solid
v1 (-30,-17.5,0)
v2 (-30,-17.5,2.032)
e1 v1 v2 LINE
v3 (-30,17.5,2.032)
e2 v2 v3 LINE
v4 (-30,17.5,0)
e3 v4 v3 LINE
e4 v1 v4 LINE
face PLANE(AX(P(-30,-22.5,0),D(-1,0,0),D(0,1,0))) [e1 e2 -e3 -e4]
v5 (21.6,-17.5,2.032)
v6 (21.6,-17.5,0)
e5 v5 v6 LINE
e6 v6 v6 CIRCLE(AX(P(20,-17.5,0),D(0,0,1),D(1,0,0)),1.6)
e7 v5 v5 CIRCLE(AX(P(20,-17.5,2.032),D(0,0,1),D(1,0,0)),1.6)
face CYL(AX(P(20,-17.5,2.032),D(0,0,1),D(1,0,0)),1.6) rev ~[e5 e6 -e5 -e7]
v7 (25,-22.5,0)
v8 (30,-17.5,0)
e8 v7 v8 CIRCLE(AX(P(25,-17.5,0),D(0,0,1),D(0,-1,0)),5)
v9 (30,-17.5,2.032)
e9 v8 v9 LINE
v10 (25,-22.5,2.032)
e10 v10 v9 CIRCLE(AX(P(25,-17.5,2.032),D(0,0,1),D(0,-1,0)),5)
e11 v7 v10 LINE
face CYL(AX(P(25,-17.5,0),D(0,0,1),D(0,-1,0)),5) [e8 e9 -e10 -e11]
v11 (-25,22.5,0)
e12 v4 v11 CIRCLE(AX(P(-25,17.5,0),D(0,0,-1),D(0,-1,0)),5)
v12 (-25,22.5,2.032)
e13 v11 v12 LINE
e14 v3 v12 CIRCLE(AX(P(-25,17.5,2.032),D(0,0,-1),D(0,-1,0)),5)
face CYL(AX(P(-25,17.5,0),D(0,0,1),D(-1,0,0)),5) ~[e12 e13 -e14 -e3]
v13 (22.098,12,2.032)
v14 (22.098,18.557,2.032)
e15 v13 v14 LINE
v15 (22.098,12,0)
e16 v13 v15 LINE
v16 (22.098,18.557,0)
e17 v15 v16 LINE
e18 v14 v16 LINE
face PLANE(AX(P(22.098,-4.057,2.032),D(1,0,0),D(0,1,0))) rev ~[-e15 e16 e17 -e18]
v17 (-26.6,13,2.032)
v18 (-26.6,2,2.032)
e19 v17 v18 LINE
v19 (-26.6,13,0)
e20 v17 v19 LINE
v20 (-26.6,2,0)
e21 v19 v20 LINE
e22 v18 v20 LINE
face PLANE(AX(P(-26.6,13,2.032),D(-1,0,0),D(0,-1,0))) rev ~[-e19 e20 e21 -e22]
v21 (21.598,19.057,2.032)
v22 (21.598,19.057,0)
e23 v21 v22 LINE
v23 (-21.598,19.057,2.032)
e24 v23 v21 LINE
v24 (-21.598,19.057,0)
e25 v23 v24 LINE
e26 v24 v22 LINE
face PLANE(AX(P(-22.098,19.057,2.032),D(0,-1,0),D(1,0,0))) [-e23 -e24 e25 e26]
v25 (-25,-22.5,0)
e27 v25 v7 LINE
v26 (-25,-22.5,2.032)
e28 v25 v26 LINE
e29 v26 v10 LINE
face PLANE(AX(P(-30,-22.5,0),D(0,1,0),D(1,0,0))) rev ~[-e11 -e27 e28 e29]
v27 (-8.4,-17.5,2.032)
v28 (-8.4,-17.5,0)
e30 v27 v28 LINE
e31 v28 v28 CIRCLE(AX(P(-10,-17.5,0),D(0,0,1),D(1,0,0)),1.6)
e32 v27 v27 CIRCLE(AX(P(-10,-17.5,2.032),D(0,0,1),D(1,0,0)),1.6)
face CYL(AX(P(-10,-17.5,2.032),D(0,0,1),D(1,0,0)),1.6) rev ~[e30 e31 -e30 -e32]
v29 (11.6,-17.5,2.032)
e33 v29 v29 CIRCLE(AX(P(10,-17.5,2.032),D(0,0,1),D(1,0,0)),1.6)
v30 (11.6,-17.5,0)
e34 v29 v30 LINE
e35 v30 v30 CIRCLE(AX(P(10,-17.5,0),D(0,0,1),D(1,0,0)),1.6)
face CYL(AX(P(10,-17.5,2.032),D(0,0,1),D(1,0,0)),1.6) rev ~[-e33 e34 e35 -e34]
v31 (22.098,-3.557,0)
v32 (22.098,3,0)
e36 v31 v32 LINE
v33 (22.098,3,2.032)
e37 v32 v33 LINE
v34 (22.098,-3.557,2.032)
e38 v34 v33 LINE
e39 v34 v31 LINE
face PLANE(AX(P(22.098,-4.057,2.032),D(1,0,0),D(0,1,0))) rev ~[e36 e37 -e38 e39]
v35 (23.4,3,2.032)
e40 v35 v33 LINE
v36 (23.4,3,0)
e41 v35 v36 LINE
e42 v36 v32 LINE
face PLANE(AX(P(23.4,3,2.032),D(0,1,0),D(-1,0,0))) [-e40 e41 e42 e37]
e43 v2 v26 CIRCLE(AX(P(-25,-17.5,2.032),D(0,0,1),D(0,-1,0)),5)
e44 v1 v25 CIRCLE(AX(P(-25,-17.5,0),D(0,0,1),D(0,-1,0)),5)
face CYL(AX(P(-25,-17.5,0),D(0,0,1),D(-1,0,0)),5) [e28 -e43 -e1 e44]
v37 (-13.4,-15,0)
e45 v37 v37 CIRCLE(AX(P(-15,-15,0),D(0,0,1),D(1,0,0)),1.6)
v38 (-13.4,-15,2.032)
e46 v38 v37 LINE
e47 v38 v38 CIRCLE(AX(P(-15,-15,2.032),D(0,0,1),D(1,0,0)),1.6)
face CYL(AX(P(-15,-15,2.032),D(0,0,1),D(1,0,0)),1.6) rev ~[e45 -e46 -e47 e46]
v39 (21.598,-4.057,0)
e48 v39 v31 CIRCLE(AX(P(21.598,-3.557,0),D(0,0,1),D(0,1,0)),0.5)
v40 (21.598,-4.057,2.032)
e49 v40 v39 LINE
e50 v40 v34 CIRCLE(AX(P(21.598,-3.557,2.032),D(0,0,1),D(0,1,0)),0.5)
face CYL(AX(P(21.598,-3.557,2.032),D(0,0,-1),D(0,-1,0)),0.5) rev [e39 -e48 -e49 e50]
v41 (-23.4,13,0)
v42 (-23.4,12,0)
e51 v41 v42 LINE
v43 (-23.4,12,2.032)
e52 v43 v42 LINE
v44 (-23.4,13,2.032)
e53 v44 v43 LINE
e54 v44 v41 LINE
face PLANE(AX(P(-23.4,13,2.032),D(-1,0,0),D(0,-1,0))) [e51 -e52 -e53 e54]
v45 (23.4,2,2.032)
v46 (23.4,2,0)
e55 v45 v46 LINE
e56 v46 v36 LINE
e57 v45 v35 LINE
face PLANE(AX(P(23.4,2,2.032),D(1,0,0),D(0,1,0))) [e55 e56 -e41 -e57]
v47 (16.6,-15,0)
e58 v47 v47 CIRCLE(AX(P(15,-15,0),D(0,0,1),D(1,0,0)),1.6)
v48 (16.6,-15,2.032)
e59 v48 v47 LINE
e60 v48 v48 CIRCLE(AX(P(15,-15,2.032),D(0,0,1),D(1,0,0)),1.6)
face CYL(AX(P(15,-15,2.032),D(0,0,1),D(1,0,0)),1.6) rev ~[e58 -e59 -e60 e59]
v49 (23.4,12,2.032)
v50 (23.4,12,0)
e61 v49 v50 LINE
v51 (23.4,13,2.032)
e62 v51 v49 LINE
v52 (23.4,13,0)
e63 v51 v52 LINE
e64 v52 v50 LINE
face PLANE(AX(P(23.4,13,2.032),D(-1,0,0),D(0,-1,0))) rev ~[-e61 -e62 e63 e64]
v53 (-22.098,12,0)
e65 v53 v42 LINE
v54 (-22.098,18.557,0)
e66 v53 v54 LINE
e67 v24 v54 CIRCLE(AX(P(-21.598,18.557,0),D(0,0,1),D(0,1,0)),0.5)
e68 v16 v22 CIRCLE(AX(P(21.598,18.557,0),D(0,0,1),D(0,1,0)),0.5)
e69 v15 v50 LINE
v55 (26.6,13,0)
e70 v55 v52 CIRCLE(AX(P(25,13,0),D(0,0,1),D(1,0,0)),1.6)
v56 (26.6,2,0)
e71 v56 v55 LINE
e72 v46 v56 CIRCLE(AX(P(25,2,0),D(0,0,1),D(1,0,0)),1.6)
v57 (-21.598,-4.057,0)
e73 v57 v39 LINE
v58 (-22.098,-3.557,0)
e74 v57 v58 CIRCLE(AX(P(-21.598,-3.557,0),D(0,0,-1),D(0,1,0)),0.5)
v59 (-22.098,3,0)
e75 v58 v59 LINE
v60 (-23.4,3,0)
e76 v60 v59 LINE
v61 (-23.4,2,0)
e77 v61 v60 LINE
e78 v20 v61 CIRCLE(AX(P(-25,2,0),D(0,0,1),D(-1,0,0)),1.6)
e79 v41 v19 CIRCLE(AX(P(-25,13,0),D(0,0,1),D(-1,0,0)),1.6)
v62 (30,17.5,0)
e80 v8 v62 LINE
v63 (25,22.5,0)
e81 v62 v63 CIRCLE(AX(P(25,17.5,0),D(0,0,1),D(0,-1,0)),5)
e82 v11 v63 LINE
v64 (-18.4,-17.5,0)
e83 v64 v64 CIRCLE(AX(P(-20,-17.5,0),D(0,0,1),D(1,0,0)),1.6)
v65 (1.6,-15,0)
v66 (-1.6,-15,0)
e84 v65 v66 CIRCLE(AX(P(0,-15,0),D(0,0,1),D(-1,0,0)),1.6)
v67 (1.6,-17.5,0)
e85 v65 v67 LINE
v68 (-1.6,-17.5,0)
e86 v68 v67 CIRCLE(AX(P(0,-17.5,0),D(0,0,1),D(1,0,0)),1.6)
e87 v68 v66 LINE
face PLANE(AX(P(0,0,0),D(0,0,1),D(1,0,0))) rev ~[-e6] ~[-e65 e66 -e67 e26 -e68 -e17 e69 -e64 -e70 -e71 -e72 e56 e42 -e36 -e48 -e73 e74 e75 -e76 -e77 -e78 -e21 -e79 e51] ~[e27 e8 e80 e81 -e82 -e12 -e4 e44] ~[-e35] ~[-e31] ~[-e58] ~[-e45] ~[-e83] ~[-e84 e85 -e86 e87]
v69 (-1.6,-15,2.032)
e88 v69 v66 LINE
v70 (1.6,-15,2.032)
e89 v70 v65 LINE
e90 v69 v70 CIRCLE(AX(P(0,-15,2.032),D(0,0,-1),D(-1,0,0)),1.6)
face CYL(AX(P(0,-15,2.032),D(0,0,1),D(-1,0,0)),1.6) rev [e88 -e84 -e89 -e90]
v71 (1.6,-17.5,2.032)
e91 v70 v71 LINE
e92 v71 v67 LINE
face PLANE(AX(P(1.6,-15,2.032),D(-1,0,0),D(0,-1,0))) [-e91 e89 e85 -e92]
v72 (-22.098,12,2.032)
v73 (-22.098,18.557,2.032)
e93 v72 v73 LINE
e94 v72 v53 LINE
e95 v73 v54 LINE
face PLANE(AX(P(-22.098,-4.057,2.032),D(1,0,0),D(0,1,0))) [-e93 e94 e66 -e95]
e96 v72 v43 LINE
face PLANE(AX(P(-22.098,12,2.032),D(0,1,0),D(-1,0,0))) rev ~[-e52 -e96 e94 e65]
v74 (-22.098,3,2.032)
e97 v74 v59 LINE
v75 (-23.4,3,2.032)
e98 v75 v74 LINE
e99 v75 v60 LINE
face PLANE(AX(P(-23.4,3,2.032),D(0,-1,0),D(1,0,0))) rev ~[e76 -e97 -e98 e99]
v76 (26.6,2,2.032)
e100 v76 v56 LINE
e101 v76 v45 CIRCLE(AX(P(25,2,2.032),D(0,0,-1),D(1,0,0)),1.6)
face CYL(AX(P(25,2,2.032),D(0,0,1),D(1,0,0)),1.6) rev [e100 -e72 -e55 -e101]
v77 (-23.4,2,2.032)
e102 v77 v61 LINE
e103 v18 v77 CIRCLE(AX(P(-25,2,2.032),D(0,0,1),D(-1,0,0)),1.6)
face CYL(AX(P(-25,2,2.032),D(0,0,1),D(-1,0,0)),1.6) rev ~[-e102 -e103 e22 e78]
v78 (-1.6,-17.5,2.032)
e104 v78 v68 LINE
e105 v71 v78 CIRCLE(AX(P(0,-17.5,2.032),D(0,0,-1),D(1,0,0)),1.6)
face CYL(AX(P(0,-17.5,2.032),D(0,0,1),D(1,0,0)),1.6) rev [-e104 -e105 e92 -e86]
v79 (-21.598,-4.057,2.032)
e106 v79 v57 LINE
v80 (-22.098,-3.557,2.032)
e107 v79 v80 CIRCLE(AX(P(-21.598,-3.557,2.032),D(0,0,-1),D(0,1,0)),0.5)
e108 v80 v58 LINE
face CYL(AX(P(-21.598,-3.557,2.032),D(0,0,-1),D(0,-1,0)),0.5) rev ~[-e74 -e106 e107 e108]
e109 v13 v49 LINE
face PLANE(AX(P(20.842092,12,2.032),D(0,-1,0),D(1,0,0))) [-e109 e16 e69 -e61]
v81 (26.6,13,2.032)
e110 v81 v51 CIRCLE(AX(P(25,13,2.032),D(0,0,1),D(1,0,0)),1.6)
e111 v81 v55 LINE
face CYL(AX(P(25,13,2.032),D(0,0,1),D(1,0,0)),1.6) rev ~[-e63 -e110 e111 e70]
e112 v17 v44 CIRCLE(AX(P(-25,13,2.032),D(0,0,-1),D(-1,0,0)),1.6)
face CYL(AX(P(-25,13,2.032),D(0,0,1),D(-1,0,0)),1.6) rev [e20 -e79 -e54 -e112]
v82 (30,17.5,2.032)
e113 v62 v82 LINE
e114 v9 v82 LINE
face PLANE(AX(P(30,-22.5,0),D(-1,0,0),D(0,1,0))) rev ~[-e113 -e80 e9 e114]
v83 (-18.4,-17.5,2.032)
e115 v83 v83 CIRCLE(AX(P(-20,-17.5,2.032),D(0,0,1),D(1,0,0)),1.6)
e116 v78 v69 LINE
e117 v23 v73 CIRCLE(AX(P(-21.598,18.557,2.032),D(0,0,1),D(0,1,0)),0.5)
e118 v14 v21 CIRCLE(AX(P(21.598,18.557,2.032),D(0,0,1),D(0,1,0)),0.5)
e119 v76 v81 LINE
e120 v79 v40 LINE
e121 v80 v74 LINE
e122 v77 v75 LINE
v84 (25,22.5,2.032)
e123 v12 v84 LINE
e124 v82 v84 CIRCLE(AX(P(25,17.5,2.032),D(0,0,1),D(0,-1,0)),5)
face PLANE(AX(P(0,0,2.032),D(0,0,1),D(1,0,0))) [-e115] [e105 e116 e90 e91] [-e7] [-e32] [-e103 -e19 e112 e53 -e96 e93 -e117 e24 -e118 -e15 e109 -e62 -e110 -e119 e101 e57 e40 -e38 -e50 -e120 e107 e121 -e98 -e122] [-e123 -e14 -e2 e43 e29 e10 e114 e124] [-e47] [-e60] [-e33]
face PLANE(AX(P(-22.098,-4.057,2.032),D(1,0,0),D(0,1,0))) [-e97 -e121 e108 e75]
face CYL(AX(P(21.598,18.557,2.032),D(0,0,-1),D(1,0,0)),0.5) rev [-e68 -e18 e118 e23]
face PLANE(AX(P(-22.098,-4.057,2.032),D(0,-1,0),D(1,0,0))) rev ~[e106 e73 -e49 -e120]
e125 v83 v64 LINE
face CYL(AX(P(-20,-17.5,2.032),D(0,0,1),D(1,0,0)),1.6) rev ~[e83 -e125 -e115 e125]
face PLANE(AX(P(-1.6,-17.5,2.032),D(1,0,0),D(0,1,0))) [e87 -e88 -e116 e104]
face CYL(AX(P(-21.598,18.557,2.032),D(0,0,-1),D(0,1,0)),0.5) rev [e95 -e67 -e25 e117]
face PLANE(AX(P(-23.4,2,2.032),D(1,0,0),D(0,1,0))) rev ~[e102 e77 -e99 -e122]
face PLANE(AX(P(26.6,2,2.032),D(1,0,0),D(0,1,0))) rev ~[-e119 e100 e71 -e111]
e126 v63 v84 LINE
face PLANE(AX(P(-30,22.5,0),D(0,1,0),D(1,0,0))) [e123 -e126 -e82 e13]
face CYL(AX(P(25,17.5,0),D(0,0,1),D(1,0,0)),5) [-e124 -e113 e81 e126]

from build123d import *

# Parameters (mm, degrees)
SKETCH1_W           = 60
SKETCH1_H           = 45
BOSS_EXTRUDE1_DEPTH = 2.032
FILLET1_R           = 5
SKETCH2_W           = 44.196
SKETCH2_H           = 23.114
CUT_EXTRUDE1_DEPTH  = 3.032
FILLET2_R           = 0.5
CUT_EXTRUDE2_DEPTH  = 3.032
SKETCH4_R           = 1.6
CUT_EXTRUDE3_DEPTH  = 3.032


with BuildPart() as part:
    # Sketch1 → Boss-Extrude1 (new body)
    with BuildSketch(Plane.XY):
        Rectangle(SKETCH1_W, SKETCH1_H)
    extrude(amount=BOSS_EXTRUDE1_DEPTH)

    # Fillet1
    fillet1_edges = [part.edges().sort_by_distance(p)[0] for p in [
        (30, -22.5, 1.016),
        (-30, -22.5, 1.016),
        (-30, 22.5, 1.016),
        (30, 22.5, 1.016),
    ]]
    fillet(fillet1_edges, radius=FILLET1_R)

    # Sketch2 → Cut-Extrude1 (cut, through all)
    with BuildSketch(Plane.XY.offset(2.032)):
        with Locations((0, 7.5)):
            Rectangle(SKETCH2_W, SKETCH2_H)
    extrude(amount=-CUT_EXTRUDE1_DEPTH, mode=Mode.SUBTRACT)

    # Fillet2
    fillet2_edges = [part.edges().sort_by_distance(p)[0] for p in [
        (22.098, 19.057, 1.016),
        (22.098, -4.057, 1.016),
        (-22.098, -4.057, 1.016),
        (-22.098, 19.057, 1.016),
    ]]
    fillet(fillet2_edges, radius=FILLET2_R)

    # Sketch3 → Cut-Extrude2 (cut, through all)
    with BuildSketch(Plane.XY.offset(2.032)):
        with BuildLine():
            ThreePointArc((-26.6, 13), (-25, 14.6), (-23.4, 13))
            Line((-23.4, 13), (-23.4, 12))
            ThreePointArc((-23.4, 12), (-25, 10.4), (-26.6, 12))
            Line((-26.6, 12), (-26.6, 13))
        make_face()
        with BuildLine():
            ThreePointArc((-26.6, 3), (-25, 4.6), (-23.4, 3))
            Line((-23.4, 3), (-22.098, 3))
            Line((-22.098, 3), (-22.098, 12))
            Line((-22.098, 12), (-23.4, 12))
            ThreePointArc((-23.4, 12), (-25, 10.4), (-26.6, 12))
            Line((-26.6, 12), (-26.6, 3))
        make_face()
        with BuildLine():
            Line((-26.6, 3), (-26.6, 2))
            ThreePointArc((-26.6, 2), (-25, 0.4), (-23.4, 2))
            Line((-23.4, 2), (-23.4, 3))
            ThreePointArc((-23.4, 3), (-25, 4.6), (-26.6, 3))
        make_face()
        with BuildLine():
            ThreePointArc((26.6, 2), (25, 0.4), (23.4, 2))
            Line((23.4, 2), (23.4, 3))
            ThreePointArc((23.4, 3), (25, 4.6), (26.6, 3))
            Line((26.6, 3), (26.6, 2))
        make_face()
        with BuildLine():
            ThreePointArc((23.4, 12), (25, 10.4), (26.6, 12))
            Line((26.6, 12), (26.6, 3))
            ThreePointArc((26.6, 3), (25, 4.6), (23.4, 3))
            Line((23.4, 3), (20.842092025, 3))
            Line((20.842092025, 3), (20.842092025, 12))
            Line((20.842092025, 12), (23.4, 12))
        make_face()
        with BuildLine():
            Line((26.6, 12), (26.6, 13))
            ThreePointArc((26.6, 13), (25, 14.6), (23.4, 13))
            Line((23.4, 13), (23.4, 12))
            ThreePointArc((23.4, 12), (25, 10.4), (26.6, 12))
        make_face()
    extrude(amount=-CUT_EXTRUDE2_DEPTH, mode=Mode.SUBTRACT)

    # Sketch4 → Cut-Extrude3 (cut, through all)
    with BuildSketch(Plane.XY.offset(2.032)):
        with Locations((-15, -15)):
            Circle(SKETCH4_R)
        with Locations((15, -15)):
            Circle(SKETCH4_R)
        with Locations((10, -17.5)):
            Circle(SKETCH4_R)
        with Locations((-10, -17.5)):
            Circle(SKETCH4_R)
        with Locations((20, -17.5)):
            Circle(SKETCH4_R)
        with Locations((-20, -17.5)):
            Circle(SKETCH4_R)
        with BuildLine():
            Line((1.6, -15), (1.6, -17.5))
            ThreePointArc((1.6, -17.5), (0, -19.1), (-1.6, -17.5))
            Line((-1.6, -17.5), (-1.6, -15))
            ThreePointArc((-1.6, -15), (0, -13.4), (1.6, -15))
        make_face()
    extrude(amount=-CUT_EXTRUDE3_DEPTH, mode=Mode.SUBTRACT)


solid = part.part
